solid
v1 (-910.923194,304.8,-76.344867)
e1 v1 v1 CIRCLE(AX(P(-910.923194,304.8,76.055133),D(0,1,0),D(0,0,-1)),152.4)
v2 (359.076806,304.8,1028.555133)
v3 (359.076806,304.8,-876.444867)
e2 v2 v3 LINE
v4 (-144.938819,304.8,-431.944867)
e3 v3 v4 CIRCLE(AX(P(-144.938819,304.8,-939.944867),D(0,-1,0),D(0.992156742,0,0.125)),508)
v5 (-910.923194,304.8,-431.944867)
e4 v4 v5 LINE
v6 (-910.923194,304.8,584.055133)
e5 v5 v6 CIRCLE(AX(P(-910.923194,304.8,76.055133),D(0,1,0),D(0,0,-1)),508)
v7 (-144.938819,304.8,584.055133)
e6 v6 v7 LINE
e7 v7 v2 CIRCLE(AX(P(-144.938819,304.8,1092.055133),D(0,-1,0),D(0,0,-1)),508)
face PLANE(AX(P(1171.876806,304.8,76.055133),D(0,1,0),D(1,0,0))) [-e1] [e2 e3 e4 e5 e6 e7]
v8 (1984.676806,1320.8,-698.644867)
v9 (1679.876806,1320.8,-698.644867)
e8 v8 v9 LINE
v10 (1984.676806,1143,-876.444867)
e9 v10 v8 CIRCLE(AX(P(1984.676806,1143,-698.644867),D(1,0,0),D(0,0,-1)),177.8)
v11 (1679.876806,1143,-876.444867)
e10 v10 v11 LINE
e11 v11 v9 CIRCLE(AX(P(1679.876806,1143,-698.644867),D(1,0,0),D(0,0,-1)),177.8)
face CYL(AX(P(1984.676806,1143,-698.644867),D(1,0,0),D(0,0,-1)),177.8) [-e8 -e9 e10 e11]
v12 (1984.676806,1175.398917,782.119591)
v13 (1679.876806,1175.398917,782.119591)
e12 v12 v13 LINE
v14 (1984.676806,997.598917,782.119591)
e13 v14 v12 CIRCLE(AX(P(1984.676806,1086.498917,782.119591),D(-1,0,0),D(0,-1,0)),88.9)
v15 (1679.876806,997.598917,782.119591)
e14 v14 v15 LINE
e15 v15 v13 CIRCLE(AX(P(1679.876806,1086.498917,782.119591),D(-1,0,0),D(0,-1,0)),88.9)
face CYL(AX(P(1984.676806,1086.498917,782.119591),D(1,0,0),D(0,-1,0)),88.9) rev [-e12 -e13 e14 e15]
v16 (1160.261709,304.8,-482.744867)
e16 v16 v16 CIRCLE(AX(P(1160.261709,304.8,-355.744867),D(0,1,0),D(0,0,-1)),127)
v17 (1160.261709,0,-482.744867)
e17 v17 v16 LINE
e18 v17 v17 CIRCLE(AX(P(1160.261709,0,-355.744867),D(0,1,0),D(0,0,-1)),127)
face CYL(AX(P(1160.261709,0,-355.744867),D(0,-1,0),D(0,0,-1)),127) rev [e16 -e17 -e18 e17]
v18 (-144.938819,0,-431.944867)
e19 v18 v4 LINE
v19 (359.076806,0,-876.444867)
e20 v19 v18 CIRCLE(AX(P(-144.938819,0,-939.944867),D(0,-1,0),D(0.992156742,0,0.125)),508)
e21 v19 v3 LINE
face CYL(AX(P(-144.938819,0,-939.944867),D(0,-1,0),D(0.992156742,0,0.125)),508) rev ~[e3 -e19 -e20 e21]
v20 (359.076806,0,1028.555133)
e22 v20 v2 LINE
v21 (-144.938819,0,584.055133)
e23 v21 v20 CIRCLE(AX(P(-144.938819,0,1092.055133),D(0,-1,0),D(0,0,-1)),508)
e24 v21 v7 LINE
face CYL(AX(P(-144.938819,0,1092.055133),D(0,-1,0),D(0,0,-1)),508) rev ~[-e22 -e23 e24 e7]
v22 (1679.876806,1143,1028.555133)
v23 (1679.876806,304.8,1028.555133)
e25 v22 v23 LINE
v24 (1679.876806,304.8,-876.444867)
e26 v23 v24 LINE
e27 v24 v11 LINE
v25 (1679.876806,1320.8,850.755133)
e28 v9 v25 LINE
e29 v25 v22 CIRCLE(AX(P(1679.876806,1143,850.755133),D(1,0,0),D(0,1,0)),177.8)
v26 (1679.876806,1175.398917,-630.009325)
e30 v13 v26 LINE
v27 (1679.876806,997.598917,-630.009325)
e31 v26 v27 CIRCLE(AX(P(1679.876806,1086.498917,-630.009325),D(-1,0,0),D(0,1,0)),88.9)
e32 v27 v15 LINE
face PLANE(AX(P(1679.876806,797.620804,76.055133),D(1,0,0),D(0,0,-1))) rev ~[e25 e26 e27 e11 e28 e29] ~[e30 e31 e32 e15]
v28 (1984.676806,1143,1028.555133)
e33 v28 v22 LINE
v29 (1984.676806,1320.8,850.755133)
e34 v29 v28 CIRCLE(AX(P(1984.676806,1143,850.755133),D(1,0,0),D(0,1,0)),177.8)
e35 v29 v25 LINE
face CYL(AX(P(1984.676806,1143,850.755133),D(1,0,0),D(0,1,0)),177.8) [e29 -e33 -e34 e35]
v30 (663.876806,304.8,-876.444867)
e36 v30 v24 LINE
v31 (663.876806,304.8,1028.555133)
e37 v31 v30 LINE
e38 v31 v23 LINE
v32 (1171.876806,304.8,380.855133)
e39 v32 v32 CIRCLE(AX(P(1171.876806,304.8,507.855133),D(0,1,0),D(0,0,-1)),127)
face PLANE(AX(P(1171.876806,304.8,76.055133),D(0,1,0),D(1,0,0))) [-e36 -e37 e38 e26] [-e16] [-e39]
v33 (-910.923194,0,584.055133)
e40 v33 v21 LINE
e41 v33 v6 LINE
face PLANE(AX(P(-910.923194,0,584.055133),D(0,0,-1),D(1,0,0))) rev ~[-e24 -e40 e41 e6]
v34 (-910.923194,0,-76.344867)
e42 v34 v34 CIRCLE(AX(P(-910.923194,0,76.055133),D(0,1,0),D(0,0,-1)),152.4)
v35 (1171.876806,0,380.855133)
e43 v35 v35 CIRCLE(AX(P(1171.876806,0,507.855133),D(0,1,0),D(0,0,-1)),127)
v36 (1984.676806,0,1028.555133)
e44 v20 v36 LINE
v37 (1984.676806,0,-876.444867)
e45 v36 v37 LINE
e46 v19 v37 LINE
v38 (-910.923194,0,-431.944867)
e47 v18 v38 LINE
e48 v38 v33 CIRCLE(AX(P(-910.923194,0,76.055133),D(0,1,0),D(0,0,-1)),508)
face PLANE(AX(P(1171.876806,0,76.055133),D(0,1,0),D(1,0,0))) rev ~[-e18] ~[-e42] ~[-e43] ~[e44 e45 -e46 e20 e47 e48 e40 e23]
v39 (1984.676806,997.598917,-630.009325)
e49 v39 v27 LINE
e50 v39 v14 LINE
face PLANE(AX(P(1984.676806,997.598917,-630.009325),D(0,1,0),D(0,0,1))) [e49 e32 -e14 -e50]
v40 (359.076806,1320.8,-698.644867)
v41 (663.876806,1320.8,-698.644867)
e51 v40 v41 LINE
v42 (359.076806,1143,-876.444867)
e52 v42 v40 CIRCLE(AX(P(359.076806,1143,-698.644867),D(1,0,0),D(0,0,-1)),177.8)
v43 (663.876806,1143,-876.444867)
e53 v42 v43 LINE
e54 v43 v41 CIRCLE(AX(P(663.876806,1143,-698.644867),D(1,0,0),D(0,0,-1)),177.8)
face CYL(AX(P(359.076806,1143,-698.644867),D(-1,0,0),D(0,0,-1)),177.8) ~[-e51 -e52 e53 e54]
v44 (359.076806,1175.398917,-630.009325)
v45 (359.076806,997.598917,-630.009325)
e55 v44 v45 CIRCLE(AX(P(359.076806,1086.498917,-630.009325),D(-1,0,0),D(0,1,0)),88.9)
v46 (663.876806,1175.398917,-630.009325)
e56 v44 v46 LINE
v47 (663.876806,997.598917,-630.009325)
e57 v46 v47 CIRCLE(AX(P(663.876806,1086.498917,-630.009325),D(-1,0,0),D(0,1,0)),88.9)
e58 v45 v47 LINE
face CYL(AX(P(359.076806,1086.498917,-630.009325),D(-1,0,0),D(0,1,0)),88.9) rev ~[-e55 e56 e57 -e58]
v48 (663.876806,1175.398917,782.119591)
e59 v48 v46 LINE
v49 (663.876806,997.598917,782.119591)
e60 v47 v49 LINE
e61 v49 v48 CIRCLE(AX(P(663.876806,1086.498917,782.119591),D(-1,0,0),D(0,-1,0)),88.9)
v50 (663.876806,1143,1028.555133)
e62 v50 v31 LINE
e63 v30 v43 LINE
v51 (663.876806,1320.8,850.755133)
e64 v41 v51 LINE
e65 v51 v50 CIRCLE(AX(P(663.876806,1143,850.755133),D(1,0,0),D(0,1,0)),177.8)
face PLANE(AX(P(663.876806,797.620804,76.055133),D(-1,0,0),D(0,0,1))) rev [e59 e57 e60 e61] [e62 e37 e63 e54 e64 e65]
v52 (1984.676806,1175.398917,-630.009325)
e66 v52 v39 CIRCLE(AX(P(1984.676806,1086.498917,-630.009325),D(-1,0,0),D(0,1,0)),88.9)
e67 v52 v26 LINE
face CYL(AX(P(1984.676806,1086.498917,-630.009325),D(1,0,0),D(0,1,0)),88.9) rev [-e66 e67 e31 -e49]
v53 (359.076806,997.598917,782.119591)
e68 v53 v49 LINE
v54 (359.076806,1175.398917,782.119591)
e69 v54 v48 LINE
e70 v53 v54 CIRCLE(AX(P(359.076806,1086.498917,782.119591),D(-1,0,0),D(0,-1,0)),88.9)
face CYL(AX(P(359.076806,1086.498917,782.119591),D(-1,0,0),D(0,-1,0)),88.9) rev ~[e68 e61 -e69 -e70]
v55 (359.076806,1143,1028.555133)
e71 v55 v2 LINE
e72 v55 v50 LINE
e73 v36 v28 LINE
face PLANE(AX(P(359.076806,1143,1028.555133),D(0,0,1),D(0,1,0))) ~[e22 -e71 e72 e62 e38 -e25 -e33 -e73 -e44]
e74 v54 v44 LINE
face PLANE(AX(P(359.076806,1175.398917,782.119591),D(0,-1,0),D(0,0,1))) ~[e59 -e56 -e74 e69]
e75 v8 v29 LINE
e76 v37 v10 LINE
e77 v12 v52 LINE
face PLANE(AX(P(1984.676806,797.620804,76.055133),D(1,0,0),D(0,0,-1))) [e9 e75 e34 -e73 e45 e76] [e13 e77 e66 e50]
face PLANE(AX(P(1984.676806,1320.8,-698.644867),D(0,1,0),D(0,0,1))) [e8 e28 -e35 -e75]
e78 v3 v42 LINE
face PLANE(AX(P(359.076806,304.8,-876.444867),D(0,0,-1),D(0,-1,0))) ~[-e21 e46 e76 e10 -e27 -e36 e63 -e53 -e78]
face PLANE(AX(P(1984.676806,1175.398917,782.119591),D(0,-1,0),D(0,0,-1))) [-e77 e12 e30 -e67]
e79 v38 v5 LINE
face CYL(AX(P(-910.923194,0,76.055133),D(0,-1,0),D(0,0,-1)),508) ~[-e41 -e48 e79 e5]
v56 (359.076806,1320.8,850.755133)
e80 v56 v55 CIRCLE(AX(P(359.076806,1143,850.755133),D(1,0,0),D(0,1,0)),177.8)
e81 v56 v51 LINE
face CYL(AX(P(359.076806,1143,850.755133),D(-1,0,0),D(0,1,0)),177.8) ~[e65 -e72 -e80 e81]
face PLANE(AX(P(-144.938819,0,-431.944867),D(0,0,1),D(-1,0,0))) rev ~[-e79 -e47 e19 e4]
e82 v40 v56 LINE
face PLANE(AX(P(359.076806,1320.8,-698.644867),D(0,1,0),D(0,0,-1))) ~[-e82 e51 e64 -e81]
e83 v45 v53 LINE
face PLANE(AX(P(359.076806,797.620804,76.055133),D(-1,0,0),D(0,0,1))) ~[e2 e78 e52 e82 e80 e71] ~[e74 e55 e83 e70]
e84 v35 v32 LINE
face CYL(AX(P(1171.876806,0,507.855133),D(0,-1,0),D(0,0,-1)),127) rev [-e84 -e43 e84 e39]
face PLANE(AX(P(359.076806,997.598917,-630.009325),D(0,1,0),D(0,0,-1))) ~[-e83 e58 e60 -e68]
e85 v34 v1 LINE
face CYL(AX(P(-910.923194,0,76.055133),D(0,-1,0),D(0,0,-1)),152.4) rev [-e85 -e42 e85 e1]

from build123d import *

# Parameters (mm, degrees)
SKETCH_1_R      = 152.4
SKETCH_1_W      = 1625.6
SKETCH_1_H      = 1905
SKETCH_1_R_2    = 127
EXTRUDE_3_DEPTH = 304.8
EXTRUDE_5_DEPTH = 304.8


with BuildPart() as part:
    # 草图1 → 凸台-拉伸3 (new body)
    # profile 1 of 2: a face of its own
    with BuildSketch(Plane(origin=(0, 0, 0), x_dir=(1, 0, 0), z_dir=(0, 1, 0))):
        with BuildLine():
            Line((-910.923193916, -584.05513308), (-144.938818674, -584.05513308))
            ThreePointArc((-144.938818674, -584.05513308), (191.071597831, -711.05513308), (359.076806084, -1028.55513308))
            Line((359.076806084, -1028.55513308), (359.076806084, 876.44486692))
            ThreePointArc((359.076806084, 876.44486692), (191.071597831, 558.94486692), (-144.938818674, 431.94486692))
            Line((-144.938818674, 431.94486692), (-910.923193916, 431.94486692))
            ThreePointArc((-910.923193916, 431.94486692), (-1418.923193916, -76.05513308), (-910.923193916, -584.05513308))
        make_face()
        with Locations(Location((-910.923193916, -76.05513308, 0), (0, 0, 90))):
            Circle(SKETCH_1_R, mode=Mode.SUBTRACT)
    # profile 2 of 2: a face of its own
    with BuildSketch(Plane(origin=(0, 0, 0), x_dir=(1, 0, 0), z_dir=(0, 1, 0))):
        with Locations((1171.876806084, -76.05513308)):
            Rectangle(SKETCH_1_W, SKETCH_1_H)
        with Locations(Location((1160.261708617, 355.74486692, 0), (0, 0, 90))):
            Circle(SKETCH_1_R_2, mode=Mode.SUBTRACT)
        with Locations(Location((1171.876806084, -507.85513308, 0), (0, 0, 90))):
            Circle(SKETCH_1_R_2, mode=Mode.SUBTRACT)
    extrude(amount=EXTRUDE_3_DEPTH)

    # 草图30 → 凸台-拉伸5 (add)
    with BuildSketch(Plane(origin=(1984.676806084, 0, 0), x_dir=(0, 0, -1), z_dir=(1, 0, 0))):
        with BuildLine():
            Line((-1028.55513308, 304.8), (876.44486692, 304.8))
            Line((876.44486692, 304.8), (876.44486692, 1143))
            ThreePointArc((876.44486692, 1143), (824.368452615, 1268.723585695), (698.64486692, 1320.8))
            Line((698.64486692, 1320.8), (-850.75513308, 1320.8))
            ThreePointArc((-850.75513308, 1320.8), (-976.478718775, 1268.723585695), (-1028.55513308, 1143))
            Line((-1028.55513308, 1143), (-1028.55513308, 304.8))
        make_face()
        with BuildLine():
            Line((-782.119591201, 1175.398916904), (630.009325042, 1175.398916904))
            ThreePointArc((630.009325042, 1175.398916904), (718.909325042, 1086.498916904), (630.009325042, 997.598916904))
            Line((630.009325042, 997.598916904), (-782.119591201, 997.598916904))
            ThreePointArc((-782.119591201, 997.598916904), (-871.019591201, 1086.498916904), (-782.119591201, 1175.398916904))
        make_face(mode=Mode.SUBTRACT)
    extrude_5 = extrude(amount=-EXTRUDE_5_DEPTH)

    # 镜向2: 凸台-拉伸5 across plane
    add(extrude_5.mirror(Plane.ZY.offset(-1171.876806084)))


solid = part.part
